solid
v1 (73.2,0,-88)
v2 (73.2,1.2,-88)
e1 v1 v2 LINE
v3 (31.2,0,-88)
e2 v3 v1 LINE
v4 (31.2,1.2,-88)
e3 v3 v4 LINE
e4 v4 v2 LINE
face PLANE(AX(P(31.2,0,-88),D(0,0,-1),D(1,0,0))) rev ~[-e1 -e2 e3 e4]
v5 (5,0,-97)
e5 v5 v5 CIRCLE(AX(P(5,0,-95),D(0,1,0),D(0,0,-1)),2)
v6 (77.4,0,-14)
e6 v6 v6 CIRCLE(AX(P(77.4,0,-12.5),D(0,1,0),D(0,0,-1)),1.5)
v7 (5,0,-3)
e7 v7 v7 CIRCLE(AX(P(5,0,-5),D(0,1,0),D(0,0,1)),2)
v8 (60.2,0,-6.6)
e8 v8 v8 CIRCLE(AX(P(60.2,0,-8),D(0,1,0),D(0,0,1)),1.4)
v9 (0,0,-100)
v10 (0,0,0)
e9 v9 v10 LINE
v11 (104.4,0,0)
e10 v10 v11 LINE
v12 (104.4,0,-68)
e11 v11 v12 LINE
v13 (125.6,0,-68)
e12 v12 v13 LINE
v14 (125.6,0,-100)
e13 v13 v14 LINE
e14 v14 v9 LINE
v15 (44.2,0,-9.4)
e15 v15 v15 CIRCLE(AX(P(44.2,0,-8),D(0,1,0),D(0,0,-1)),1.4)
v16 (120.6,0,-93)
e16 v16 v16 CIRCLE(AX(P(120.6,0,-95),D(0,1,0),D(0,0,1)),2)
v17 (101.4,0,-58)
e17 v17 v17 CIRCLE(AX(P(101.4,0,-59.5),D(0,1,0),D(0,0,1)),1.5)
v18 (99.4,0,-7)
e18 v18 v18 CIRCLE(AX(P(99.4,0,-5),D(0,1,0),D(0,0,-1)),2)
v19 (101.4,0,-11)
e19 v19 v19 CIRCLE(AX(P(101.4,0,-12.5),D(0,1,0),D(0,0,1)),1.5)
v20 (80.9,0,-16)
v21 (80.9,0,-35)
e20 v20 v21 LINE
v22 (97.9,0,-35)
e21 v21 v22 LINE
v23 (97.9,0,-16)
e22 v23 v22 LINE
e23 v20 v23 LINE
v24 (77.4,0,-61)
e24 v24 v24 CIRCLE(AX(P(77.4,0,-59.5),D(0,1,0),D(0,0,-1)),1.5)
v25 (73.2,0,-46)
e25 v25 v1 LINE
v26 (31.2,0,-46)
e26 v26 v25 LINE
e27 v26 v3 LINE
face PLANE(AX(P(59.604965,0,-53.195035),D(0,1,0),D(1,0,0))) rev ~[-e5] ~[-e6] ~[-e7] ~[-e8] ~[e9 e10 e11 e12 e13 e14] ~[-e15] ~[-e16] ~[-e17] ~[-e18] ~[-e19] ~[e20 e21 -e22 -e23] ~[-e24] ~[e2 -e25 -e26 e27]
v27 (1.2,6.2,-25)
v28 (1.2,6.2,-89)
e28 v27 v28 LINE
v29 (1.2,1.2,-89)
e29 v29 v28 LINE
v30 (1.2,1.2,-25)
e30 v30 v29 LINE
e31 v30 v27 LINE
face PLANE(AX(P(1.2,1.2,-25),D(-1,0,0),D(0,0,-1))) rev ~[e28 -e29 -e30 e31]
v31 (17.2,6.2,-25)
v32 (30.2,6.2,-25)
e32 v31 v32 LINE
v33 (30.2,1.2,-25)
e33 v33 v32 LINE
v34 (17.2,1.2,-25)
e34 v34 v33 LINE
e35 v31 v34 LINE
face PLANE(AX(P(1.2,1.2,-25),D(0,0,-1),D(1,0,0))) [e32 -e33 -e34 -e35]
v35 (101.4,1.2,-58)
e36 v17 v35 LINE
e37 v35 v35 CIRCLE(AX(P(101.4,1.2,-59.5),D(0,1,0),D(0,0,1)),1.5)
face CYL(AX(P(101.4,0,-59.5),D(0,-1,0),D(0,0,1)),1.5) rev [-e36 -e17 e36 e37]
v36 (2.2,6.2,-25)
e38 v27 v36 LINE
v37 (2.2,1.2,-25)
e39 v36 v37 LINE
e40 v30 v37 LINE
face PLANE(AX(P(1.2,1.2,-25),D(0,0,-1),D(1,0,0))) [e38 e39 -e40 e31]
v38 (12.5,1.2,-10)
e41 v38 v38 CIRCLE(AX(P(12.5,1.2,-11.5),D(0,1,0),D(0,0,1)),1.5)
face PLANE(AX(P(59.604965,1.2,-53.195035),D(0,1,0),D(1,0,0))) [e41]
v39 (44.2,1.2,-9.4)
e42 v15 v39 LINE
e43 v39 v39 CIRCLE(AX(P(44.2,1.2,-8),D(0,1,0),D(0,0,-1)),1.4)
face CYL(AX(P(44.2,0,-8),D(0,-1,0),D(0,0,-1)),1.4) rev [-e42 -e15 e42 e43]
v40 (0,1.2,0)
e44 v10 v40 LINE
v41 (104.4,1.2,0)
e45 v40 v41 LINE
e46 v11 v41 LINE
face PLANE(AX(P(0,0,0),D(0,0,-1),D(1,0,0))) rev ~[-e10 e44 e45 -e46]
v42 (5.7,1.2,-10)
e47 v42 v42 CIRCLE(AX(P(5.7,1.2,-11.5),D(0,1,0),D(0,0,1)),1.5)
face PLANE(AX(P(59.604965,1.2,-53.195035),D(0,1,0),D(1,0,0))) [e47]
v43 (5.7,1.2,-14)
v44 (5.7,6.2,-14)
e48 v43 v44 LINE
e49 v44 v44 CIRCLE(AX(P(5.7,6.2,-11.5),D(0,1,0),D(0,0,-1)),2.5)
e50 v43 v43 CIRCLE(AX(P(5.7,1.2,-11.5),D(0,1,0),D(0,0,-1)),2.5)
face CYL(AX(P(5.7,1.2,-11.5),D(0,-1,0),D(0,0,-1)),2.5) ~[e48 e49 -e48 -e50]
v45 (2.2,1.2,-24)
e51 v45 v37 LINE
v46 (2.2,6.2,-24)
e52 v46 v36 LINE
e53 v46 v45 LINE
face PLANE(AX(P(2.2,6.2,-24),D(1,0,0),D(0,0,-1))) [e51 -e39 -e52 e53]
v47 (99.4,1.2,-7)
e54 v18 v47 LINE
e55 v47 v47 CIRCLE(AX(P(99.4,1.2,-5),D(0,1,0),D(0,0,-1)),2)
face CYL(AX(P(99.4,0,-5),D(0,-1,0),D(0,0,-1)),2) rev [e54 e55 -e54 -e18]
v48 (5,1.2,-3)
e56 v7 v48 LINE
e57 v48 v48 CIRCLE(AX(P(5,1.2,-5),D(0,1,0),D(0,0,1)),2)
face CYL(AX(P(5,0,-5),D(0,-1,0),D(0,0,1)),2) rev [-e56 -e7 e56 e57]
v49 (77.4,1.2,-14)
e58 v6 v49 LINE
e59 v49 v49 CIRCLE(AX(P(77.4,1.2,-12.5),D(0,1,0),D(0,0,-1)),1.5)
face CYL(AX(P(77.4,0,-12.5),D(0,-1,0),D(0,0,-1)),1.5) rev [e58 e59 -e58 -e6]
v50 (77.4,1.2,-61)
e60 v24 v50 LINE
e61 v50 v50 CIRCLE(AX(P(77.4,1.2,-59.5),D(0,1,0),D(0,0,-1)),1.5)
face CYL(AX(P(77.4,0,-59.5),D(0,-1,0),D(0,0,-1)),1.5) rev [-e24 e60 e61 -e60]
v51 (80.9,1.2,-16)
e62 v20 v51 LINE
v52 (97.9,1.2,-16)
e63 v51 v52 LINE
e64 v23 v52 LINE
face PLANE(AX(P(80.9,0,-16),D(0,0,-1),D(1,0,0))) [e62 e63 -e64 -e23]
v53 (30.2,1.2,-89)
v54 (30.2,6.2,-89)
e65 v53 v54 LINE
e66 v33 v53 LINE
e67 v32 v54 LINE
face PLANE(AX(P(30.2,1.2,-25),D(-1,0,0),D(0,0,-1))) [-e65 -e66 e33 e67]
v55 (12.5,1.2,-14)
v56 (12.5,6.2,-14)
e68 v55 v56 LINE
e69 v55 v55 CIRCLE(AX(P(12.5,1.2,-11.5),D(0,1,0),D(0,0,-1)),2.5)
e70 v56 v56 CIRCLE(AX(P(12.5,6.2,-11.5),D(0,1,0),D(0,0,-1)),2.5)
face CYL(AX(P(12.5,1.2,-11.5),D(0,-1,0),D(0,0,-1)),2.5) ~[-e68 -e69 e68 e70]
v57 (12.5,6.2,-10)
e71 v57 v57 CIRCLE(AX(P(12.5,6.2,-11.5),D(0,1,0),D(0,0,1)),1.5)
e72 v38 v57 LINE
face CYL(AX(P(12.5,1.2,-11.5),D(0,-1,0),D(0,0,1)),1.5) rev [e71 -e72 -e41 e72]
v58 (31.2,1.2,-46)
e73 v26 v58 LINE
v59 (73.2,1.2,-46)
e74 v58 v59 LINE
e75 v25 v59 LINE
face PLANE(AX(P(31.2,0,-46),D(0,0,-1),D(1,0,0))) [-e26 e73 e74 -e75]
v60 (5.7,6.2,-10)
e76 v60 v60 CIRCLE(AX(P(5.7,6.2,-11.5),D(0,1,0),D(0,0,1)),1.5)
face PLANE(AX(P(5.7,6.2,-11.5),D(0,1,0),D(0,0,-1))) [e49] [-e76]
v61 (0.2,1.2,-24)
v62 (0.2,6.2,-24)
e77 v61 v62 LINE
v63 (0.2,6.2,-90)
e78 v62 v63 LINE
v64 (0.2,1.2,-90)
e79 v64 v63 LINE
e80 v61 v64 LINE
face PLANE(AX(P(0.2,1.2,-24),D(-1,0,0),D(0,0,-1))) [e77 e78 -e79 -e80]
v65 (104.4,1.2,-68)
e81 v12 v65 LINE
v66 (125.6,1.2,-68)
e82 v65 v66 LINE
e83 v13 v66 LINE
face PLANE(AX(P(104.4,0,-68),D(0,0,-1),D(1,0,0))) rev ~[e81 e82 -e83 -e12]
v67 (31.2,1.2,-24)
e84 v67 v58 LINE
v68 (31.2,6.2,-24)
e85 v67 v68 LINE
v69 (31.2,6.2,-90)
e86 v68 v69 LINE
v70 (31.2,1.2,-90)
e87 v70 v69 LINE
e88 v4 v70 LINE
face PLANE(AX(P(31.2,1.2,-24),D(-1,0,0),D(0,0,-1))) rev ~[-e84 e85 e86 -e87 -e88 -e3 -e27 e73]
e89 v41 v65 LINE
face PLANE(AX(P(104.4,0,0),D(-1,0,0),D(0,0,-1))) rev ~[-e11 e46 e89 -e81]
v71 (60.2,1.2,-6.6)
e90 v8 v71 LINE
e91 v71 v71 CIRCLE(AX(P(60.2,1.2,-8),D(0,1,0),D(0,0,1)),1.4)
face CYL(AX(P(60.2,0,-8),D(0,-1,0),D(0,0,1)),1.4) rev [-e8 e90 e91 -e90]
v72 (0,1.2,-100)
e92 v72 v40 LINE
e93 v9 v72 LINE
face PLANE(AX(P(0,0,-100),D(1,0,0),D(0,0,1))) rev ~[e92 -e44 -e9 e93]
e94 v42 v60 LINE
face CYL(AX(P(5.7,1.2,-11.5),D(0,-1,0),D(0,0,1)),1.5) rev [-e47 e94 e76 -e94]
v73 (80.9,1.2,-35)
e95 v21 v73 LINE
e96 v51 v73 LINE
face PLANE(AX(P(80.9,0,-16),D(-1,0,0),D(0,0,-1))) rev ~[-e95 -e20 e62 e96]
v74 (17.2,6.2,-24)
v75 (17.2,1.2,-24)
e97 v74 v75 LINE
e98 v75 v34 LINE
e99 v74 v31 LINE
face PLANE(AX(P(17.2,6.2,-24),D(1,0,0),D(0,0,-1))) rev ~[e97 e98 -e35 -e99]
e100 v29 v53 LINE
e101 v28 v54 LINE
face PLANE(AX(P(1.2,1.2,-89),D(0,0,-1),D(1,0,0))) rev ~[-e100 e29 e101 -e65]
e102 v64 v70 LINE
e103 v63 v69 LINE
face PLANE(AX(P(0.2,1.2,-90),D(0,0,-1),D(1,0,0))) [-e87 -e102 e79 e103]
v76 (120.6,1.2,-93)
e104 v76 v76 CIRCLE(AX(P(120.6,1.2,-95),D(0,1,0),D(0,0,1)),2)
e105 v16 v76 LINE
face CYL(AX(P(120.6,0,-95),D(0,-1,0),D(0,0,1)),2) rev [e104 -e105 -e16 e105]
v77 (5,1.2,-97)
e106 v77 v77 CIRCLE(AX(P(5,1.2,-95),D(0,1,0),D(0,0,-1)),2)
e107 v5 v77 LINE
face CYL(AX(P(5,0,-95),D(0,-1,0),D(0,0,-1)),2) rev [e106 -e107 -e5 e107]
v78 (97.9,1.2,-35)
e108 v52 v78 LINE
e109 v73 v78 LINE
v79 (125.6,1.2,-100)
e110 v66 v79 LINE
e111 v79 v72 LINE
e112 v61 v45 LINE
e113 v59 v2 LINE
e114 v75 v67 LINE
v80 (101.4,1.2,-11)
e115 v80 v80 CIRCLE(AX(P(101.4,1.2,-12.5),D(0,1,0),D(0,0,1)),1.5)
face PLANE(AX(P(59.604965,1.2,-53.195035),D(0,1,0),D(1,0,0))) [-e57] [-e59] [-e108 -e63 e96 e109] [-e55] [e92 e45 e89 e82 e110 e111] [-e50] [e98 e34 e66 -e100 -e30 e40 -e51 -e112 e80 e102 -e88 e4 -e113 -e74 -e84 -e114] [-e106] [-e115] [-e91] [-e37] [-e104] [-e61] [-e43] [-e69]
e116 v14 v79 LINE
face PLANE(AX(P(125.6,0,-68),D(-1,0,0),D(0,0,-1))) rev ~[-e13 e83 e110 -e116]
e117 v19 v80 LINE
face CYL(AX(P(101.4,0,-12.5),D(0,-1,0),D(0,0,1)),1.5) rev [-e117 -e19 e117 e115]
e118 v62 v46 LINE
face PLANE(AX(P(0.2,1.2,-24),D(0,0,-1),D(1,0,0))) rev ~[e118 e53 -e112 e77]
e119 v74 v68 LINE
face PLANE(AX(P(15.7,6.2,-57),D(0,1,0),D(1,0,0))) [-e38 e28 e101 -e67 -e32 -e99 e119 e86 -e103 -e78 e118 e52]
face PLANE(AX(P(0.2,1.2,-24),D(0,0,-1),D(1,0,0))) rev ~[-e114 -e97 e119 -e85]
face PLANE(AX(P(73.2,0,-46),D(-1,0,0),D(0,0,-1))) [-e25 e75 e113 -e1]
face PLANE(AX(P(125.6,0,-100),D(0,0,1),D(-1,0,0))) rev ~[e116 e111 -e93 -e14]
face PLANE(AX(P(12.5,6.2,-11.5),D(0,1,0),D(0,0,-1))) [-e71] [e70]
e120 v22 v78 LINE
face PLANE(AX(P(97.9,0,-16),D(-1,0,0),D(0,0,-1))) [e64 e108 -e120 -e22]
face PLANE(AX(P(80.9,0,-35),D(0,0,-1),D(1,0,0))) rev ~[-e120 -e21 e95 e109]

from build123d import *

# Parameters (mm, degrees)
SKETCH_1_R          = 2
SKETCH_1_R_2        = 1.5
SKETCH_1_R_3        = 1.4
SKETCH_1_W          = 42
SKETCH_1_H          = 42
SKETCH_1_W_2        = 17
SKETCH_1_H_2        = 19
EXTRUDE_1_DEPTH     = 1.2
SKETCH_2_R          = 2.5
SKETCH_2_R_2        = 1.5
SKETCH_2_W          = 31
SKETCH_2_H          = 66
SKETCH_2_W_2        = 29
SKETCH_2_H_2        = 64
EXTRUDE_2_DEPTH     = 5
SKETCH_3_W          = 15
SKETCH_3_H          = 3
CUT_EXTRUDE_1_DEPTH = 5


with BuildPart() as part:
    # 草图1 → 凸台-拉伸1 (new body)
    with BuildSketch(Plane(origin=(0, 0, 0), x_dir=(1, 0, 0), z_dir=(0, 1, 0))):
        Polygon((104.4, 68), (125.6, 68), (125.6, 100), (0, 100), (0, 0), (104.4, 0), align=None)
        with Locations(Location((5, 5, 0), (0, 0, 270))):
            Circle(SKETCH_1_R, mode=Mode.SUBTRACT)
        with Locations(Location((5, 95, 0), (0, 0, 90))):
            Circle(SKETCH_1_R, mode=Mode.SUBTRACT)
        with Locations(Location((120.6, 95, 0), (0, 0, 270))):
            Circle(SKETCH_1_R, mode=Mode.SUBTRACT)
        with Locations(Location((99.4, 5, 0), (0, 0, 90))):
            Circle(SKETCH_1_R, mode=Mode.SUBTRACT)
        with Locations(Location((101.4, 12.5, 0), (0, 0, 270))):
            Circle(SKETCH_1_R_2, mode=Mode.SUBTRACT)
        with Locations(Location((77.4, 12.5, 0), (0, 0, 90))):
            Circle(SKETCH_1_R_2, mode=Mode.SUBTRACT)
        with Locations(Location((101.4, 59.5, 0), (0, 0, 270))):
            Circle(SKETCH_1_R_2, mode=Mode.SUBTRACT)
        with Locations(Location((77.4, 59.5, 0), (0, 0, 90))):
            Circle(SKETCH_1_R_2, mode=Mode.SUBTRACT)
        with Locations(Location((60.2, 8, 0), (0, 0, 270))):
            Circle(SKETCH_1_R_3, mode=Mode.SUBTRACT)
        with Locations(Location((44.2, 8, 0), (0, 0, 90))):
            Circle(SKETCH_1_R_3, mode=Mode.SUBTRACT)
        with Locations((52.2, 67)):
            Rectangle(SKETCH_1_W, SKETCH_1_H, mode=Mode.SUBTRACT)
        with Locations((89.4, 25.5)):
            Rectangle(SKETCH_1_W_2, SKETCH_1_H_2, mode=Mode.SUBTRACT)
    extrude(amount=EXTRUDE_1_DEPTH)

    # 草图2 → 凸台-拉伸2 (add)
    # profile 1 of 3: a face of its own
    with BuildSketch(Plane(origin=(0, 1.2, 0), x_dir=(1, 0, 0), z_dir=(0, 1, 0))):
        with Locations(Location((12.5, 11.5, 0), (0, 0, 90))):
            Circle(SKETCH_2_R)
        with Locations(Location((12.5, 11.5, 0), (0, 0, 270))):
            Circle(SKETCH_2_R_2, mode=Mode.SUBTRACT)
    # profile 2 of 3: a face of its own
    with BuildSketch(Plane(origin=(0, 1.2, 0), x_dir=(1, 0, 0), z_dir=(0, 1, 0))):
        with Locations(Location((5.7, 11.5, 0), (0, 0, 90))):
            Circle(SKETCH_2_R)
        with Locations(Location((5.7, 11.5, 0), (0, 0, 270))):
            Circle(SKETCH_2_R_2, mode=Mode.SUBTRACT)
    # profile 3 of 3: a face of its own
    with BuildSketch(Plane(origin=(0, 1.2, 0), x_dir=(1, 0, 0), z_dir=(0, 1, 0))):
        with Locations((15.7, 57)):
            Rectangle(SKETCH_2_W, SKETCH_2_H)
        with Locations((15.7, 57)):
            Rectangle(SKETCH_2_W_2, SKETCH_2_H_2, mode=Mode.SUBTRACT)
    extrude(amount=EXTRUDE_2_DEPTH)

    # 草图3 → 切除-拉伸1 (cut)
    with BuildSketch(Plane(origin=(0, 6.2, 0), x_dir=(1, 0, 0), z_dir=(0, 1, 0))):
        with Locations((9.7, 25.5)):
            Rectangle(SKETCH_3_W, SKETCH_3_H)
    extrude(amount=-CUT_EXTRUDE_1_DEPTH, mode=Mode.SUBTRACT)


solid = part.part
